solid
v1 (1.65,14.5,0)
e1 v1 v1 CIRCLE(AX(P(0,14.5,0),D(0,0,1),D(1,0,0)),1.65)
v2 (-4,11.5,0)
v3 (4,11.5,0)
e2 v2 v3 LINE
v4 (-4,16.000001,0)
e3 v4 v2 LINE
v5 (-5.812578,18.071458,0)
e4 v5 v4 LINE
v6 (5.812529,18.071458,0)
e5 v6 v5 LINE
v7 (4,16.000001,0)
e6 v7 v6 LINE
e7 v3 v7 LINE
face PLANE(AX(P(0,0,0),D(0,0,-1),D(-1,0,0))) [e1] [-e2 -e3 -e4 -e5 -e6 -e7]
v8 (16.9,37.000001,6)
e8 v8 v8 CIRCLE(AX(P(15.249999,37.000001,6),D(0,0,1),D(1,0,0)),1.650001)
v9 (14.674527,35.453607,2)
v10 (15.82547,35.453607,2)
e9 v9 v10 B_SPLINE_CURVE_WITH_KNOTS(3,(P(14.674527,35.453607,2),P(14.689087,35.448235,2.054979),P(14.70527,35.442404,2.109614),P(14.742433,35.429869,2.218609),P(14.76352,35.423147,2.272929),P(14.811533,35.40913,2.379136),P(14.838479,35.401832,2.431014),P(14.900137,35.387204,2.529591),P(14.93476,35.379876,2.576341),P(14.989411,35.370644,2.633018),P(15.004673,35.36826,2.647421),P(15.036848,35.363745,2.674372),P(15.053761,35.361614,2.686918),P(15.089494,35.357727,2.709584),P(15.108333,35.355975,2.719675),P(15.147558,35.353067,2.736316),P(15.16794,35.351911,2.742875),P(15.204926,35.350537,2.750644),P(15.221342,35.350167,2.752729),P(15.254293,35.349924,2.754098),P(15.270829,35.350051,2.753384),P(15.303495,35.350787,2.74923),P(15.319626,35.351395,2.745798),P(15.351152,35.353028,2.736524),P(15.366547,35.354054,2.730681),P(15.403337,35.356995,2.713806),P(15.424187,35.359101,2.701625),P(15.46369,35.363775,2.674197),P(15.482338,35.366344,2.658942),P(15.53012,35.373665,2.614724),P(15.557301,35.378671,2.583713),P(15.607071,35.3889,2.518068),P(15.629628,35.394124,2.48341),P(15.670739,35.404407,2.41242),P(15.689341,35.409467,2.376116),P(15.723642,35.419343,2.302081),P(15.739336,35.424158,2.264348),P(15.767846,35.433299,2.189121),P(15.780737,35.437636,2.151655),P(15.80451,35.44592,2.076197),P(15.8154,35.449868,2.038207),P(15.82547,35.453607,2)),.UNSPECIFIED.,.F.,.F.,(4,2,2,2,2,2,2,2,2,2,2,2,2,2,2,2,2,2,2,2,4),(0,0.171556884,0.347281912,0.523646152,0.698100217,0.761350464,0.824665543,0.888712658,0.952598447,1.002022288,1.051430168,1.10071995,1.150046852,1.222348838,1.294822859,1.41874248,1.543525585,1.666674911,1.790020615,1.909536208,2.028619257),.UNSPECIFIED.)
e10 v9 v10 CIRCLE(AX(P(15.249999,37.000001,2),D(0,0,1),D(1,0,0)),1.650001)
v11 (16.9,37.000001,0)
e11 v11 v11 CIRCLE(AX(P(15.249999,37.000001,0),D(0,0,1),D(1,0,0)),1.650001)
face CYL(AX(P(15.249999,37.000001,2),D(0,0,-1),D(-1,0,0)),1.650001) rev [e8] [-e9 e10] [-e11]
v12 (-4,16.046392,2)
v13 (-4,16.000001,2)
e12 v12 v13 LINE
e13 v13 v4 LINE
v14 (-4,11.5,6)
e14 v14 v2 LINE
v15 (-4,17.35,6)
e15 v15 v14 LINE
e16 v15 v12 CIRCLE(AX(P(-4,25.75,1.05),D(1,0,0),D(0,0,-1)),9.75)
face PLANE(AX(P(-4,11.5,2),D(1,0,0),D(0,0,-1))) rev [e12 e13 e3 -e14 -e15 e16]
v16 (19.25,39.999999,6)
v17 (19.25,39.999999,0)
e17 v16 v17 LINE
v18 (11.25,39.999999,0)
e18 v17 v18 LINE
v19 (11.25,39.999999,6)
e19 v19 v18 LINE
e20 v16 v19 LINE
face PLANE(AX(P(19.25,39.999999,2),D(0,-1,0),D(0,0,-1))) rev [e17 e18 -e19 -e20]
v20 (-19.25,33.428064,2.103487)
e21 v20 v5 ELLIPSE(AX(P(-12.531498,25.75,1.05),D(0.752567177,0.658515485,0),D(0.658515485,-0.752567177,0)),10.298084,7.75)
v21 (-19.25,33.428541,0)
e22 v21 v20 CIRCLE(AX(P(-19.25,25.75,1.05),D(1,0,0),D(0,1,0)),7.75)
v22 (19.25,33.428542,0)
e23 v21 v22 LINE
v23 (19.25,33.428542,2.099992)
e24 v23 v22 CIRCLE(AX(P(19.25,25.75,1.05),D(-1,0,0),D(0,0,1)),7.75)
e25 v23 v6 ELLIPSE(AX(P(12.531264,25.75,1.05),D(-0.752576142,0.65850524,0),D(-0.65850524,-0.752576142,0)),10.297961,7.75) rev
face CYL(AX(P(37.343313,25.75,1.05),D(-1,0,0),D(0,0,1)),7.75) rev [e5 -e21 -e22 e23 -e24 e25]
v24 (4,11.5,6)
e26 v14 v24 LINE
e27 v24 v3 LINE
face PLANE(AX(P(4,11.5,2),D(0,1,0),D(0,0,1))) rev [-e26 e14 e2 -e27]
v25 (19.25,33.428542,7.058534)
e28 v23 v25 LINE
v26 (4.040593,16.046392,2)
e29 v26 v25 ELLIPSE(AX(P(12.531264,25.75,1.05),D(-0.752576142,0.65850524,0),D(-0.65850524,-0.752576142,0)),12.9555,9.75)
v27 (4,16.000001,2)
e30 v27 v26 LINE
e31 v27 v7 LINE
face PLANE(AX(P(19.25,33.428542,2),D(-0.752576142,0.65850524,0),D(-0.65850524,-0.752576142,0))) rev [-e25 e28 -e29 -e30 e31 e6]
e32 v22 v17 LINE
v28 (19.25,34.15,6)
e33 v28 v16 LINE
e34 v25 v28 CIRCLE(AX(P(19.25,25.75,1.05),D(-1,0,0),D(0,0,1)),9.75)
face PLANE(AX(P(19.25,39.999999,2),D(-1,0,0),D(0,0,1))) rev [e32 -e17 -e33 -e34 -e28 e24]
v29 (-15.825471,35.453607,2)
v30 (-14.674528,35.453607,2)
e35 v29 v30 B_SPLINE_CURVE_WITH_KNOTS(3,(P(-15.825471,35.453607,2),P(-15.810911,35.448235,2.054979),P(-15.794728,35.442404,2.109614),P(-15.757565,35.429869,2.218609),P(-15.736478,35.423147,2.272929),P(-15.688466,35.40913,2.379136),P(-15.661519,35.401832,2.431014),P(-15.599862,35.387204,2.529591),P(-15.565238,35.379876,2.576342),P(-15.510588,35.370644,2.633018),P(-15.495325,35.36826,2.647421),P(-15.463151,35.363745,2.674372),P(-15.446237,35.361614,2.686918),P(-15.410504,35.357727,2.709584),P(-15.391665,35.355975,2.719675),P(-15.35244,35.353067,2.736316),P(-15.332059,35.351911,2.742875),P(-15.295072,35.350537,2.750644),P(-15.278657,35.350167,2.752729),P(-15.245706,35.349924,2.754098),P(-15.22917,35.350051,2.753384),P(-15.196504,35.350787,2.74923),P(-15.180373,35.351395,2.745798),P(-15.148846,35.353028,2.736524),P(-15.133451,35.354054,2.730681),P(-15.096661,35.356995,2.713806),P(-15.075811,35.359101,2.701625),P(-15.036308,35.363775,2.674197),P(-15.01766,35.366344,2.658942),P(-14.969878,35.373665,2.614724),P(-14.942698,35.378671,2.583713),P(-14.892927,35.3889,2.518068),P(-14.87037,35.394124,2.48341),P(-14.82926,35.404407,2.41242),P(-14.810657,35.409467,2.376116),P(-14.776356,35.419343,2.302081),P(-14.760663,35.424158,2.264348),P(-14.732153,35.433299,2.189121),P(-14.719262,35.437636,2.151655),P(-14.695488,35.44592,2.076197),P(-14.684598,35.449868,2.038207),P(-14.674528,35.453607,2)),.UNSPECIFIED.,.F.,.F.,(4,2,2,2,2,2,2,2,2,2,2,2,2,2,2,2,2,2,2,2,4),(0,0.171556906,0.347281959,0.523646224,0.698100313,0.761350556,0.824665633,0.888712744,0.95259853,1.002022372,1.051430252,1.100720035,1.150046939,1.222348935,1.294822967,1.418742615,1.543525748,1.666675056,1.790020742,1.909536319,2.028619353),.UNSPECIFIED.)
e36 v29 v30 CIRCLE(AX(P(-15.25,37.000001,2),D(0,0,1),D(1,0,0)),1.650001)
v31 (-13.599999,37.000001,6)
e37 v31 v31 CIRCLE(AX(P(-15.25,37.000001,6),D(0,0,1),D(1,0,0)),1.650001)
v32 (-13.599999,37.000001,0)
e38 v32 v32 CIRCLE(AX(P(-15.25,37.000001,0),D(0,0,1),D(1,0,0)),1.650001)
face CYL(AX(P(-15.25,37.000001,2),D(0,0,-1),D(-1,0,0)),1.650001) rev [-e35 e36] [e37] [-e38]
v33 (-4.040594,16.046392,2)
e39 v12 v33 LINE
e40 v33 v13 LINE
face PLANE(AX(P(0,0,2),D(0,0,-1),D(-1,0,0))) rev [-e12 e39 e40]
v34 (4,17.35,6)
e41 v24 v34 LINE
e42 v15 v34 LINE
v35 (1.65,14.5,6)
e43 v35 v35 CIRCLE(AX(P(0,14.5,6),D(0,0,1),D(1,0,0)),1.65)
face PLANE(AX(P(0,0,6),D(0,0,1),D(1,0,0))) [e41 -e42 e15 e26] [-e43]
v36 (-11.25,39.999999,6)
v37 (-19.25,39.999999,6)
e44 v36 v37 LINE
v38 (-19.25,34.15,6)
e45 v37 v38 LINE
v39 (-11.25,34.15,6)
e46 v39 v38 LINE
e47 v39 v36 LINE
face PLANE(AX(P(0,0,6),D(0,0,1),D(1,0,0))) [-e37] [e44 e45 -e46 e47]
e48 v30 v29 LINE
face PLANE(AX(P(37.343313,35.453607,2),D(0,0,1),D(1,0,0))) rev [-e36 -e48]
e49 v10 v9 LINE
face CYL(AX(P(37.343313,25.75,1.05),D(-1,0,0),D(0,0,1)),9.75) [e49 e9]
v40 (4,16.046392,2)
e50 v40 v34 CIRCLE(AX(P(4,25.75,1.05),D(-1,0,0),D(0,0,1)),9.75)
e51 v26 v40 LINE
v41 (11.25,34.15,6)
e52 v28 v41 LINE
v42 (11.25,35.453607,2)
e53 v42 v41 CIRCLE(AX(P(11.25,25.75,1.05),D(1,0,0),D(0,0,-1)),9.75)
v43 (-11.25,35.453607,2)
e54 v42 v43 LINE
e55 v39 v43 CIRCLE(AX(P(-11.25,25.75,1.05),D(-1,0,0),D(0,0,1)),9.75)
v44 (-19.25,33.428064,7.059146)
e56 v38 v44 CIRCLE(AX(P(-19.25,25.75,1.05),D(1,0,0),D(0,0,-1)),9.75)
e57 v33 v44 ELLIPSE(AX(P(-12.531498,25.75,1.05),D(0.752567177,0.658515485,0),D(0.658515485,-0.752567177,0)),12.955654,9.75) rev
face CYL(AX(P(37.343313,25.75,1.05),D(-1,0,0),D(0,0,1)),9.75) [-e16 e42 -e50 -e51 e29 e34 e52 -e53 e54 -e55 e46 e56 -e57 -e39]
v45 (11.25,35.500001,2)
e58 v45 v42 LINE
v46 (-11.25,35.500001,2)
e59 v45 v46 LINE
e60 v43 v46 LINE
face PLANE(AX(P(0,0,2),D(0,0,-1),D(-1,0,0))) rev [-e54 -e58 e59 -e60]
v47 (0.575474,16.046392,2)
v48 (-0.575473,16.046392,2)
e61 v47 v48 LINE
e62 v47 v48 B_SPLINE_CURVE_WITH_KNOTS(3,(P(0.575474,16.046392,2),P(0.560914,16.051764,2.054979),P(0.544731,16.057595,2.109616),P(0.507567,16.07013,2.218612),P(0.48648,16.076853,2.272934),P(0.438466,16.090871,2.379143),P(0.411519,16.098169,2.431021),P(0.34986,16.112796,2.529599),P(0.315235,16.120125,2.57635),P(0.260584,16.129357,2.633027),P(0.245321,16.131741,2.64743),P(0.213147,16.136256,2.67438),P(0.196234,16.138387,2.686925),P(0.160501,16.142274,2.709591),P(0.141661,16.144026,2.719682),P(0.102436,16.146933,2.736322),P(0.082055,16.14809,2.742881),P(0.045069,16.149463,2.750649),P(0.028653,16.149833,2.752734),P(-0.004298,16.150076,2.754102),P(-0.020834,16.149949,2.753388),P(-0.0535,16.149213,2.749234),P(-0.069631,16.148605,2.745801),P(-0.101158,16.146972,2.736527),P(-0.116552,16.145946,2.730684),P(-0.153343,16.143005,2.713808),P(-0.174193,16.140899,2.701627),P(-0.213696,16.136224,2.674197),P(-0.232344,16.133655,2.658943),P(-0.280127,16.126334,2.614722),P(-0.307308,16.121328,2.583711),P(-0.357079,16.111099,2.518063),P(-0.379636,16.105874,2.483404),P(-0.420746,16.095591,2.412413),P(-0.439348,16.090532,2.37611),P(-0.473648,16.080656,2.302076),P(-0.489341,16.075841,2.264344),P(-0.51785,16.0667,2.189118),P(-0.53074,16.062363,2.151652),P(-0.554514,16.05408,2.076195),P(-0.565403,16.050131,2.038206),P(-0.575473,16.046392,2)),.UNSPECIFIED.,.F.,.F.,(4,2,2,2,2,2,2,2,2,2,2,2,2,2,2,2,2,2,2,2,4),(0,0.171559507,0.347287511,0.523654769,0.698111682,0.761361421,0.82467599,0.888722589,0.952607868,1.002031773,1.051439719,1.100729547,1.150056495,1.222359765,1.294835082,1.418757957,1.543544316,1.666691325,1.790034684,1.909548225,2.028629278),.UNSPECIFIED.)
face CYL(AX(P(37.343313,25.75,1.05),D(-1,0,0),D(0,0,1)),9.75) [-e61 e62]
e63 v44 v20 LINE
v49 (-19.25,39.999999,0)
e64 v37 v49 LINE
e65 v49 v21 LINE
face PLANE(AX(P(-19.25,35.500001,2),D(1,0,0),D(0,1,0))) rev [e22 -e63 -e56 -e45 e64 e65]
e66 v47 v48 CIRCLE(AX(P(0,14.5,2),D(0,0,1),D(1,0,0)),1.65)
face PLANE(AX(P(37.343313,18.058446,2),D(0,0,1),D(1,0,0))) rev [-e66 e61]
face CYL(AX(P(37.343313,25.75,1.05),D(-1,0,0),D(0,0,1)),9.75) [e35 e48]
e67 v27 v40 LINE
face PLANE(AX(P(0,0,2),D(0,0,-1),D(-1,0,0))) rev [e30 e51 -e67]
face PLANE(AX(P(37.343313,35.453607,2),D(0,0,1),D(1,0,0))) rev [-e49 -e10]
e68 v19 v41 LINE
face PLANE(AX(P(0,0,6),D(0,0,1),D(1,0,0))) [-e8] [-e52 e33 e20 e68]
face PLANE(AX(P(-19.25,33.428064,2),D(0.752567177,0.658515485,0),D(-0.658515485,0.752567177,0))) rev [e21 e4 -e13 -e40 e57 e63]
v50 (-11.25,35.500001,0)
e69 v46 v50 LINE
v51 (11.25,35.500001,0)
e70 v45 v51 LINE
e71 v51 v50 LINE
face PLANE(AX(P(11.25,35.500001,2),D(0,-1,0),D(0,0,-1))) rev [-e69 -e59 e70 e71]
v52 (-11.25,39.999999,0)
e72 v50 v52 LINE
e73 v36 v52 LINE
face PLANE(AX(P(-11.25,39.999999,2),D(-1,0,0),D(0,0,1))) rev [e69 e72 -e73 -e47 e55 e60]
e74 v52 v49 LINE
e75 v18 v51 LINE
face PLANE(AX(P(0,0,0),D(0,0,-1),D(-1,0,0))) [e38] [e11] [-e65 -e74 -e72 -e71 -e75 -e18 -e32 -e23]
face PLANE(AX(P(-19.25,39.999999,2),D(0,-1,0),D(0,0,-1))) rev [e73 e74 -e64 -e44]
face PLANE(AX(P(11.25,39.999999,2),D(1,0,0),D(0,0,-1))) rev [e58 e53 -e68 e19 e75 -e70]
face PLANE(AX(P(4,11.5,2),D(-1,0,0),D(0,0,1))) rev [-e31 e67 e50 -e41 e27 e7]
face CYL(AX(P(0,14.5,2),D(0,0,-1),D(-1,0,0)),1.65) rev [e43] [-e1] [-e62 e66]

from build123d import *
from build123d.topology import SkipClean

# Parameters (mm, degrees)
SKICA1_R                            = 1.650000859
SKICA1_R_2                          = 1.650000856
SKICA1_R_3                          = 1.649999795
P_IDAT_VYSUNUT_M1_DEPTH             = 2
P_IDAT_VYSUNUT_M3_REACH             = 52.341
P_IDAT_VYSUNUT_M3_DIRECTION_2_REACH = 52.341
SKICA3_R                            = 7.749999856
ODEBRAT_VYSUNUT_M1_DEPTH            = 50
SKICA5_W                            = 5.707521684
SKICA5_H                            = 11.749115372
SKICA5_W_2                          = 4.565648586
ODEBRAT_VYSUNUT_M2_DEPTH            = 100
SKICA6_W                            = 8.00000038
SKICA6_H                            = 6.259476141
SKICA6_R                            = 1.649999795
SKICA6_W_2                          = 7.999999449
SKICA6_H_2                          = 6.147887642
SKICA6_R_2                          = 1.650000859
SKICA6_R_3                          = 1.650000856
P_IDAT_VYSUNUT_M4_DEPTH             = 4


with BuildPart() as part:
    # Skica1 → Přidat vysunutím1 (new body)
    with BuildSketch(Plane.XY):
        Polygon((19.249999896, 35.500001162), (19.249999896, 33.428542316), (4.00000019, 16.00000076), (4.00000019, 11.500000022), (-4.00000019, 11.500000022), (-4.00000019, 16.00000076), (-19.249999896, 33.42806357), (-19.249999896, 35.500001162), (-19.249999896, 39.999999106), (-11.250000447, 39.999999106), (-11.250000447, 35.500001162), (11.250000447, 35.500001162), (11.250000447, 39.999999106), (19.249999896, 39.999999106), align=None)
        with Locations((-15.249999503, 37.000001471)):
            Circle(SKICA1_R, mode=Mode.SUBTRACT)
        with Locations((15.249998879, 37.000001475)):
            Circle(SKICA1_R_2, mode=Mode.SUBTRACT)
        with Locations((1.87e-07, 14.499999779)):
            Circle(SKICA1_R_3, mode=Mode.SUBTRACT)
    extrude(amount=P_IDAT_VYSUNUT_M1_DEPTH)

    # Přidat vysunutím3: up to this face of the body (flat: up to its plane)
    p_idat_vysunut_m3_end = Plane(part.part.faces().sort_by_distance((11.625000043, 24.714271538, 1))[0])
    # Skica2 → Přidat vysunutím3 (add, up to the picked face)
    with BuildSketch(Plane(origin=(-11.250000447, 0, 0), x_dir=(0, 0, -1), z_dir=(1, 0, 0)), mode=Mode.PRIVATE) as p_idat_vysunut_m3_sk1:
        with BuildLine():
            Line((-2, 35.453607186), (-2, 33.44155343))
            ThreePointArc((-2, 33.44155343), (-8.800000314, 25.749999709), (-2, 18.058445988))
            Line((-2, 18.058445988), (-2, 16.046392232))
            ThreePointArc((-2, 16.046392232), (-10.800000314, 25.749999709), (-2, 35.453607186))
        make_face()
    p_idat_vysunut_m3_tool1 = split(extrude(p_idat_vysunut_m3_sk1.sketch, amount=P_IDAT_VYSUNUT_M3_REACH, mode=Mode.PRIVATE), bisect_by=p_idat_vysunut_m3_end, keep=Keep.BOTH, mode=Mode.PRIVATE)
    add(p_idat_vysunut_m3_tool1.solids().sort_by(Axis((-11.25, 17.052419, 2.213092), (1, 0, 0)))[0])

    # Přidat vysunutím3 direction 2: up to this face of the body (flat: up to its plane)
    p_idat_vysunut_m3_direction_2_end = Plane(part.part.faces().sort_by_distance((-11.625000043, 24.714032165, 1))[0])
    # Skica2 → Přidat vysunutím3 direction 2 (add, up to the picked face)
    with BuildSketch(Plane(origin=(-11.250000447, 0, 0), x_dir=(0, 0, -1), z_dir=(1, 0, 0)), mode=Mode.PRIVATE) as p_idat_vysunut_m3_direction_2_sk1:
        with BuildLine():
            Line((-2, 35.453607186), (-2, 33.44155343))
            ThreePointArc((-2, 33.44155343), (-8.800000314, 25.749999709), (-2, 18.058445988))
            Line((-2, 18.058445988), (-2, 16.046392232))
            ThreePointArc((-2, 16.046392232), (-10.800000314, 25.749999709), (-2, 35.453607186))
        make_face()
    p_idat_vysunut_m3_direction_2_tool1 = split(extrude(p_idat_vysunut_m3_direction_2_sk1.sketch, amount=-P_IDAT_VYSUNUT_M3_DIRECTION_2_REACH, mode=Mode.PRIVATE), bisect_by=p_idat_vysunut_m3_direction_2_end, keep=Keep.BOTH, mode=Mode.PRIVATE)
    add(p_idat_vysunut_m3_direction_2_tool1.solids().sort_by(Axis((-11.25, 17.052419, 2.213092), (-1, 0, 0)))[0])

    # Skica3 → Odebrat vysunutím1 (cut, symmetric)
    with SkipClean():  # the faces are left unmerged after this step: merging them gives an invalid solid
        with BuildSketch(Plane(origin=(-11.250000447, 0, 0), x_dir=(0, 0, -1), z_dir=(1, 0, 0))):
            with Locations((-1.050000457, 25.749999709)):
                Circle(SKICA3_R)
        extrude(amount=ODEBRAT_VYSUNUT_M1_DEPTH, both=True, mode=Mode.SUBTRACT)

    # Skica5 → Odebrat vysunutím2 (cut)
    with BuildSketch(Plane(origin=(0, 0, 0), x_dir=(-1, 0, 0), z_dir=(0, 0, -1))):
        Polygon((4.00000019, 16.00000076), (13.371125893, 26.709546366), (13.371125893, 14.106664416), align=None)
        with Locations((22.103760738, 34.12544142)):
            Rectangle(SKICA5_W, SKICA5_H)
        with Locations((-21.532824189, 34.12544142)):
            Rectangle(SKICA5_W_2, SKICA5_H)
    extrude(amount=-ODEBRAT_VYSUNUT_M2_DEPTH, mode=Mode.SUBTRACT)

    # Skica6 → Přidat vysunutím4 (add)
    # profile 1 of 3: a face of its own
    with BuildSketch(Plane.XY.offset(2)):
        with Locations((0, 14.629738093)):
            Rectangle(SKICA6_W, SKICA6_H)
        with Locations((1.87e-07, 14.499999779)):
            Circle(SKICA6_R, mode=Mode.SUBTRACT)
    # profile 2 of 3: a face of its own
    with BuildSketch(Plane.XY.offset(2)):
        with Locations((-15.250000172, 36.926055285)):
            Rectangle(SKICA6_W_2, SKICA6_H_2)
        with Locations((-15.249999503, 37.000001471)):
            Circle(SKICA6_R_2, mode=Mode.SUBTRACT)
    # profile 3 of 3: a face of its own
    with BuildSketch(Plane.XY.offset(2)):
        with Locations((15.250000172, 36.926055285)):
            Rectangle(SKICA6_W_2, SKICA6_H_2)
        with Locations((15.249998879, 37.000001475)):
            Circle(SKICA6_R_3, mode=Mode.SUBTRACT)
    extrude(amount=P_IDAT_VYSUNUT_M4_DEPTH)


solid = part.part
